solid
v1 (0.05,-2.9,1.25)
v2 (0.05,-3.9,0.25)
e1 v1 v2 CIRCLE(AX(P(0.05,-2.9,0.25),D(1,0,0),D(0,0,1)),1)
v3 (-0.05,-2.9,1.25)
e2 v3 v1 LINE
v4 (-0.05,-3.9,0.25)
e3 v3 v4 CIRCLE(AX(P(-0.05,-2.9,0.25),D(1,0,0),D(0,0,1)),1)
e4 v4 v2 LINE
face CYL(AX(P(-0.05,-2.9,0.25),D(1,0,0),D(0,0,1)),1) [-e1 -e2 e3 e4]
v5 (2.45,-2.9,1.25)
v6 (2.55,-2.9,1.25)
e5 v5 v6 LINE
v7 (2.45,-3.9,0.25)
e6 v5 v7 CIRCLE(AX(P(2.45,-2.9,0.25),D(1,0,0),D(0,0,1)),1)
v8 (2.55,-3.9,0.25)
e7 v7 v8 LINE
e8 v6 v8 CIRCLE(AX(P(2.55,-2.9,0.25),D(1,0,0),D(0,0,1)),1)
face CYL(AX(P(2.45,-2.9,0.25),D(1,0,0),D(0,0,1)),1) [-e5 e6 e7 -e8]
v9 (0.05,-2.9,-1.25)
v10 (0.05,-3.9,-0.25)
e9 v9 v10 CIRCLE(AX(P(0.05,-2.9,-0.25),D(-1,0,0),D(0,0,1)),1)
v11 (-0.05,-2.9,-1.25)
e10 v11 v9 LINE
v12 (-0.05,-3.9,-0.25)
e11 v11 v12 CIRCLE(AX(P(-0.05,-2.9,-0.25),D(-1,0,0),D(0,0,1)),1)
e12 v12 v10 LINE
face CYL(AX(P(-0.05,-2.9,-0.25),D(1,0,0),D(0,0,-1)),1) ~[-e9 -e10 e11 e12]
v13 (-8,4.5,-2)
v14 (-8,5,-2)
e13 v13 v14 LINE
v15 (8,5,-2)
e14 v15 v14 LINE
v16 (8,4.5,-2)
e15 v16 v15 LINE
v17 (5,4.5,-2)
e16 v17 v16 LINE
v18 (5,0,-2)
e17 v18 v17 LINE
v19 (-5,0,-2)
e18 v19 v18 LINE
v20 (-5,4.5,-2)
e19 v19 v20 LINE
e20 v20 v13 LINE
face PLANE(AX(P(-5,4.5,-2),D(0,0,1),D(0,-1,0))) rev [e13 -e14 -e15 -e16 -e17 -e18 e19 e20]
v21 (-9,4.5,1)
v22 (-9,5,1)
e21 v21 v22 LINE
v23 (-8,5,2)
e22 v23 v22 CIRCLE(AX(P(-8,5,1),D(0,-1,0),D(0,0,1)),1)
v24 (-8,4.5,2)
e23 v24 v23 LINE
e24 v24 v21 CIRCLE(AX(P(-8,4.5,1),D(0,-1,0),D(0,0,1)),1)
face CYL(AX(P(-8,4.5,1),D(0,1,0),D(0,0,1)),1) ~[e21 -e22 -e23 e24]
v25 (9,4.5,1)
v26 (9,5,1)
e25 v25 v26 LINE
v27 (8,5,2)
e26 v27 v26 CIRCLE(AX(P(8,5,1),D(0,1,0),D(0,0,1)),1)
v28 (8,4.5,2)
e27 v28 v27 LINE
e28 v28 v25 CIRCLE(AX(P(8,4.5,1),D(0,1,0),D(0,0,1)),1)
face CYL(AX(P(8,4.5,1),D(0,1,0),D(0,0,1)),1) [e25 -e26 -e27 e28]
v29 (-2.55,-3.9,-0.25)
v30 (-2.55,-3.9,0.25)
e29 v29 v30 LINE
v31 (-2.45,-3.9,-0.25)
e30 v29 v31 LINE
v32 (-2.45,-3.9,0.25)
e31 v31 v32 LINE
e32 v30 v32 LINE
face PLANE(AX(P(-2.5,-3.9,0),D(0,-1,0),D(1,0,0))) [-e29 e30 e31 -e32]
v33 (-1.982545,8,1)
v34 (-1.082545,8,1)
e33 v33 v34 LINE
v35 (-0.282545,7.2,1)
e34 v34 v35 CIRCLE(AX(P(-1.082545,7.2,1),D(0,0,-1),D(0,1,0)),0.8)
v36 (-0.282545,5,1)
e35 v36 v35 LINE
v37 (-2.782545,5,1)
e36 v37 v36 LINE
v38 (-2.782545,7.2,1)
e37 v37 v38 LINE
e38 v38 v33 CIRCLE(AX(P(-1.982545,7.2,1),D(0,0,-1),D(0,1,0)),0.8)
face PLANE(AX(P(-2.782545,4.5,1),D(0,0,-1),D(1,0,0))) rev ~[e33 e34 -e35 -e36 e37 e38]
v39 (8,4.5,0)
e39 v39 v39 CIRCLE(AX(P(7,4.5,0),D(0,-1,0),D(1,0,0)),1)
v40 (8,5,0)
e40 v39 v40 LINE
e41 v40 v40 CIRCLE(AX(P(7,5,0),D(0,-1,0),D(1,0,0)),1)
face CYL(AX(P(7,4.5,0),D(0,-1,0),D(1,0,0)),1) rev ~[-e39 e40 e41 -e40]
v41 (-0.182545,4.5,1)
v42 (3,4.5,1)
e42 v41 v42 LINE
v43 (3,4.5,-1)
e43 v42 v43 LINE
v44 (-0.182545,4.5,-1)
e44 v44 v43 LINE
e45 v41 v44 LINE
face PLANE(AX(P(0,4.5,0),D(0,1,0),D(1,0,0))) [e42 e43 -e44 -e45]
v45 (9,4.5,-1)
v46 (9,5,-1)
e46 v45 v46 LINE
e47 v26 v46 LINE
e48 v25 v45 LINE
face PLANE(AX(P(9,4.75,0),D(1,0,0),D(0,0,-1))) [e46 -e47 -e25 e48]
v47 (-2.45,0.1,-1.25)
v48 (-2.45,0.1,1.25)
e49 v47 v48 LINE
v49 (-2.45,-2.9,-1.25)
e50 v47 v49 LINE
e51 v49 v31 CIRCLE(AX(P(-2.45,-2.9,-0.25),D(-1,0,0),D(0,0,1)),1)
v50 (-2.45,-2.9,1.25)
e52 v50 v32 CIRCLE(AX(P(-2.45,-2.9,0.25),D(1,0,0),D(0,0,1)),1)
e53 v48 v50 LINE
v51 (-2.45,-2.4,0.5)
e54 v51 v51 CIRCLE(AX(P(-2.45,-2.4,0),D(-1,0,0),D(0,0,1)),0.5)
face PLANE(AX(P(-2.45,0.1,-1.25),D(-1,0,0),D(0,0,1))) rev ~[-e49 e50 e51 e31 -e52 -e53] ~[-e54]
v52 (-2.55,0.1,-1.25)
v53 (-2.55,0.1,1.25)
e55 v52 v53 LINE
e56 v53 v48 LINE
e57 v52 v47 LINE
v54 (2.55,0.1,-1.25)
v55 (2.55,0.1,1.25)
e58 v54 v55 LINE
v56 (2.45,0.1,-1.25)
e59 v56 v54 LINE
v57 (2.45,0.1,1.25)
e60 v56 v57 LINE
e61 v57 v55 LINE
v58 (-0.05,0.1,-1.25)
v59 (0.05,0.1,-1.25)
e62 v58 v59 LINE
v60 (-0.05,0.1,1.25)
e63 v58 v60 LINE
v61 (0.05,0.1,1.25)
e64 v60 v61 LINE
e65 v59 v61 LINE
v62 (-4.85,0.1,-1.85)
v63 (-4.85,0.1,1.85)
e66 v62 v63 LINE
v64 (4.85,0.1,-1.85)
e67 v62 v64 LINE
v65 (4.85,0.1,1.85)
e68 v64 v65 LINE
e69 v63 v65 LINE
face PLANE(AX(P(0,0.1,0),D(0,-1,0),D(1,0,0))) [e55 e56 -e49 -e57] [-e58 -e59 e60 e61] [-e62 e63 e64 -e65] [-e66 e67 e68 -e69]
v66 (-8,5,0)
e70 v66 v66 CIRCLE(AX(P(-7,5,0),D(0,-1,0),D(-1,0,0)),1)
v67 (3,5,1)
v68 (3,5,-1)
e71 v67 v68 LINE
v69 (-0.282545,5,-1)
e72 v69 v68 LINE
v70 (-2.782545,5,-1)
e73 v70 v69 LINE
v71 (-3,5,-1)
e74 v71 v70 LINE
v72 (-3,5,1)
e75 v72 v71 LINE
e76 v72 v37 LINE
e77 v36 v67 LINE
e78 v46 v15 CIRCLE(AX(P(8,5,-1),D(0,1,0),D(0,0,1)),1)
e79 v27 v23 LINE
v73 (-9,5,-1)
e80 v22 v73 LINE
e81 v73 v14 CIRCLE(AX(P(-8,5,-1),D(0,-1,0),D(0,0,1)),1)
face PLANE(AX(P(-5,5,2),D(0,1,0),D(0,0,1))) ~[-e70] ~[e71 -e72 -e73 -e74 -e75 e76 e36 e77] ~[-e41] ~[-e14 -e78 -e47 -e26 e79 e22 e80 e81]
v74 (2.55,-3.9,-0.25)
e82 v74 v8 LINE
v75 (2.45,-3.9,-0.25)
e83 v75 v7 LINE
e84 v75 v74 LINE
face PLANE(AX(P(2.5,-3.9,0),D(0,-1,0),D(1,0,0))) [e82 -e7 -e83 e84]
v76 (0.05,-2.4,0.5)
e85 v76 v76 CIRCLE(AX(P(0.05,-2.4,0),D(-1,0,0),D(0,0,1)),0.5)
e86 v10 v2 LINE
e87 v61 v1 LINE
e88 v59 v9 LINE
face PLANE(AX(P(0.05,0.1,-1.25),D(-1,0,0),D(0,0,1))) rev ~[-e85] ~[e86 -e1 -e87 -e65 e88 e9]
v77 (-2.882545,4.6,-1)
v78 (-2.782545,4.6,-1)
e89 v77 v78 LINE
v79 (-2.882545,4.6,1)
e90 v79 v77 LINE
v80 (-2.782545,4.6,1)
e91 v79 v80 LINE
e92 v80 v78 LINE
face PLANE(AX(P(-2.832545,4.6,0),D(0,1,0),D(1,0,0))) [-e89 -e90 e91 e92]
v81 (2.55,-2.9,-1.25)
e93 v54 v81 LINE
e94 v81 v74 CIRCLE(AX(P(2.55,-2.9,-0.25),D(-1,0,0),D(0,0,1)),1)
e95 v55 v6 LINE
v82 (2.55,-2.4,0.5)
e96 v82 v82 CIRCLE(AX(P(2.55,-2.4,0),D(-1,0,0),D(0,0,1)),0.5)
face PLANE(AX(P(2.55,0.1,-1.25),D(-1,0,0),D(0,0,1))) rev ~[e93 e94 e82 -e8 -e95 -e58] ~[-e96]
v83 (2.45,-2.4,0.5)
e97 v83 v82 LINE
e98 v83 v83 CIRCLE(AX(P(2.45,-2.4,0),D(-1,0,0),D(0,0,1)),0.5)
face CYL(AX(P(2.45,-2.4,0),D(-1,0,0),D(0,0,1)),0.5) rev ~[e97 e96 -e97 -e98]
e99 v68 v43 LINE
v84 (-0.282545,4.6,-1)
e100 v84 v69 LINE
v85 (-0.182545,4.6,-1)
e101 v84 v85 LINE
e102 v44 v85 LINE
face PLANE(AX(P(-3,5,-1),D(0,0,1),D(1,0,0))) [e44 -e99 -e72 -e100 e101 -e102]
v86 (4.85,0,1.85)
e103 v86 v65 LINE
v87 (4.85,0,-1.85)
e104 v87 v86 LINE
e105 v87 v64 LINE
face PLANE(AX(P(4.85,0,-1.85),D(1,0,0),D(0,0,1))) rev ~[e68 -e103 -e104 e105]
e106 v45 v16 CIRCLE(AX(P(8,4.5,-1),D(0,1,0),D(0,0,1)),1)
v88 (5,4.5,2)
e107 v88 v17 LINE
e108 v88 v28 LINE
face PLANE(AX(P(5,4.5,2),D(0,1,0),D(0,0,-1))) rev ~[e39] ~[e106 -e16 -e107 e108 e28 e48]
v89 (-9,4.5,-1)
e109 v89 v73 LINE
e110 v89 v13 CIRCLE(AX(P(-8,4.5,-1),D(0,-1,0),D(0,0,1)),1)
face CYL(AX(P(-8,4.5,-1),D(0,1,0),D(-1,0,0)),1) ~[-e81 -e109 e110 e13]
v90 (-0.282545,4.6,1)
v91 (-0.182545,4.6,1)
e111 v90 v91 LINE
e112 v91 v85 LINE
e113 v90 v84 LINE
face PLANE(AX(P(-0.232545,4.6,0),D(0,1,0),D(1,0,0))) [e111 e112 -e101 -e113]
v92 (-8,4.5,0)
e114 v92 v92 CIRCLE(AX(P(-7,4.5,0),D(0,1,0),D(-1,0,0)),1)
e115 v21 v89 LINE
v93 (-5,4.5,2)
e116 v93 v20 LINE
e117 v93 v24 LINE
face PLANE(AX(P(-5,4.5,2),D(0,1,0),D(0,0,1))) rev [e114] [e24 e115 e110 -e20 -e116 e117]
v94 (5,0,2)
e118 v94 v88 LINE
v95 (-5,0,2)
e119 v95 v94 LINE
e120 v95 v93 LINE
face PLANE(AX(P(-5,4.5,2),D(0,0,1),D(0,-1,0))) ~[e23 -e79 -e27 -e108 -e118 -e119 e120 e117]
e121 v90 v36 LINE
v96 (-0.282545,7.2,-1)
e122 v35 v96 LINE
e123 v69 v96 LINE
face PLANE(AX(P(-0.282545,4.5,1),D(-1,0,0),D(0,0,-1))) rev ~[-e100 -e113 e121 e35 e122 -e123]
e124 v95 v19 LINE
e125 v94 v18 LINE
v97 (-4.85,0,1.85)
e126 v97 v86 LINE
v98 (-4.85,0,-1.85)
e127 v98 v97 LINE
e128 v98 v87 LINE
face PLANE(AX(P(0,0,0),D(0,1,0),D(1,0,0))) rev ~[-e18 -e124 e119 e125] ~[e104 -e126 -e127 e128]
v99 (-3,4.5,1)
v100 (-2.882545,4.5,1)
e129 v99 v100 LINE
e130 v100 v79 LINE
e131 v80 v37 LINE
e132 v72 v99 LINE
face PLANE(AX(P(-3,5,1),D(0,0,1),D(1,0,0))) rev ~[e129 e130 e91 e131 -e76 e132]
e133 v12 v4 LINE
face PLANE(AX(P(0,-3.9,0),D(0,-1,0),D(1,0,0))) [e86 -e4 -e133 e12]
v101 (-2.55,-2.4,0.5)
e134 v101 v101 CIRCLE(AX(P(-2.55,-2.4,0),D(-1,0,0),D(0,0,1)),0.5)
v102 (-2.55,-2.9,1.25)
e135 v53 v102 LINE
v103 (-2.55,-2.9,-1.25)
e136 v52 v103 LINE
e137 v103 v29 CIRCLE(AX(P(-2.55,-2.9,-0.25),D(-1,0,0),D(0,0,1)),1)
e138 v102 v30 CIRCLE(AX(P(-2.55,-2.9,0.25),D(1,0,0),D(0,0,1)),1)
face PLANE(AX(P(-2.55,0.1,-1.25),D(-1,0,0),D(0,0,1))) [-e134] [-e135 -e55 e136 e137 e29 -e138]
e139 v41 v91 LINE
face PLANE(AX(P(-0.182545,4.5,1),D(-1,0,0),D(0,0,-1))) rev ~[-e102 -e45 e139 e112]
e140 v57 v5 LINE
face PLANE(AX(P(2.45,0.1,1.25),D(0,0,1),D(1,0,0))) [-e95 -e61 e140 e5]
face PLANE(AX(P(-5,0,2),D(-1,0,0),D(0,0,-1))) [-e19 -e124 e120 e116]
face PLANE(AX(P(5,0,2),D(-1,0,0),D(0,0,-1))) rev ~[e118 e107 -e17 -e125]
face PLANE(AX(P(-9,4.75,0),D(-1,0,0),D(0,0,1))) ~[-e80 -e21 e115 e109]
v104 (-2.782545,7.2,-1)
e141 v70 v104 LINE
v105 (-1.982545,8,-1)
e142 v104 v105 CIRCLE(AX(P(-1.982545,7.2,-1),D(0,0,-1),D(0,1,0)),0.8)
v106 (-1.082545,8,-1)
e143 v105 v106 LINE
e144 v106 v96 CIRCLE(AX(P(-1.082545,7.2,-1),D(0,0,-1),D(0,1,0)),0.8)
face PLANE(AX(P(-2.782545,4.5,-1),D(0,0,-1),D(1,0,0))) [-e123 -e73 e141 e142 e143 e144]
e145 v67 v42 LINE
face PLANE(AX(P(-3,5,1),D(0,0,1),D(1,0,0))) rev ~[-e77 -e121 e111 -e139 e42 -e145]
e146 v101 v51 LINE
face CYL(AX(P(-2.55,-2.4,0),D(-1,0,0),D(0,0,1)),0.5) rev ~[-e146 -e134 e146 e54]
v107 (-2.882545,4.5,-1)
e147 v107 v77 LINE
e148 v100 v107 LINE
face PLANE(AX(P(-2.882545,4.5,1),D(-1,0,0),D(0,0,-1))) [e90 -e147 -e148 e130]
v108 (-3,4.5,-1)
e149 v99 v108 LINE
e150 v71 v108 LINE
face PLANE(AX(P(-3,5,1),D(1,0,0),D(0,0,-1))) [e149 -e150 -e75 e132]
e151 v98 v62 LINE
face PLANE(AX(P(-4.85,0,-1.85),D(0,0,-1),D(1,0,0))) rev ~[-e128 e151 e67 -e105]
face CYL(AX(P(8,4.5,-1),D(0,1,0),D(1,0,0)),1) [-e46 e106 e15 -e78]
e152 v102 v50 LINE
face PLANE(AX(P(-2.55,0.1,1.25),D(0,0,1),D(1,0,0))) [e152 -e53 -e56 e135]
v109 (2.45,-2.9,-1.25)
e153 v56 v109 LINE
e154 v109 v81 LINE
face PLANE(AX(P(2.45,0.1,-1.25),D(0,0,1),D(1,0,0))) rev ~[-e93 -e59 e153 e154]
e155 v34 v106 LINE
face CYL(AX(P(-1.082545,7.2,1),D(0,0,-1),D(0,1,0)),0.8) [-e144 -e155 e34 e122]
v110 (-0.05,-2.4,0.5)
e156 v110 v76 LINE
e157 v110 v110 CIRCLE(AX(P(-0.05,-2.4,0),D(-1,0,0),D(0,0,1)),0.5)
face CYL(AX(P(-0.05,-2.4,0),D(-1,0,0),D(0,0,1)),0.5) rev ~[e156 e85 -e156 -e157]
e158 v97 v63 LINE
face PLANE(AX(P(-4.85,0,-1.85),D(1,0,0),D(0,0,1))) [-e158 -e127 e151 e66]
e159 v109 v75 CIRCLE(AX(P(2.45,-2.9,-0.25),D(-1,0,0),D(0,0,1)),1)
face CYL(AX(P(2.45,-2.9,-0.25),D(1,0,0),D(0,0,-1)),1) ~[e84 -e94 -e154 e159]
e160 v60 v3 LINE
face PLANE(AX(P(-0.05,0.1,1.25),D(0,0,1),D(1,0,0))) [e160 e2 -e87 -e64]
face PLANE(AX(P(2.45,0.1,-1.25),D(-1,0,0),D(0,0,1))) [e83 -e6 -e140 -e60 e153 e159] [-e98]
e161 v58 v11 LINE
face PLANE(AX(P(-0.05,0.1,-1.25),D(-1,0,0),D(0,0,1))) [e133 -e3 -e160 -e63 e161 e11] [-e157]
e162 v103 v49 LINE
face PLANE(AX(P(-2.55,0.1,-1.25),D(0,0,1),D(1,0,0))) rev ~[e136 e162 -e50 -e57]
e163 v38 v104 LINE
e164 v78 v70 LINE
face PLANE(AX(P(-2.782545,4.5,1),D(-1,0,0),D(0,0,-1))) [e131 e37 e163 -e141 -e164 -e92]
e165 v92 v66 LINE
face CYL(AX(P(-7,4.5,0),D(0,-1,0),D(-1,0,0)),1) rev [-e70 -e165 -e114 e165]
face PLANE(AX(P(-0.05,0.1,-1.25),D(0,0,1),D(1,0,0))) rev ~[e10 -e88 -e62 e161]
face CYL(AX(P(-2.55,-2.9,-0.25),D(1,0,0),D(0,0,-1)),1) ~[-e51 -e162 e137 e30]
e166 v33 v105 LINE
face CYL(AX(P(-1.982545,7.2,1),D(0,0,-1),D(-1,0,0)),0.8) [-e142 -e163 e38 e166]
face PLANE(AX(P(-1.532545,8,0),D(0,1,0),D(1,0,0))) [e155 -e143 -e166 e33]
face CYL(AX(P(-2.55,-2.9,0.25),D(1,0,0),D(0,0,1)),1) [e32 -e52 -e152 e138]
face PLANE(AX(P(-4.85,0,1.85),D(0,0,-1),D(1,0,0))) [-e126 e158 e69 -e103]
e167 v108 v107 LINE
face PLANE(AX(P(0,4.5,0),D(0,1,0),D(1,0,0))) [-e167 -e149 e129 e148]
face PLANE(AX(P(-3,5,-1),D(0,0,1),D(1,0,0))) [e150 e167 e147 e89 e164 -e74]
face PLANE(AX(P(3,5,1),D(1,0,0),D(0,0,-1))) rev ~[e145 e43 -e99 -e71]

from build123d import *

# Parameters (mm, degrees)
SKETCH2_W                  = 10
SKETCH2_H                  = 4
BOSS_EXTRUDE1_DEPTH        = 5
SKETCH3_W                  = 6
SKETCH3_H                  = 2
CUT_EXTRUDE1_DEPTH         = 0.5
SKETCH4_W                  = 4
SKETCH4_H                  = 0.5
BOSS_EXTRUDE2_DEPTH        = 4
SKETCH5_R                  = 1
CUT_EXTRUDE2_DEPTH         = 1.5
FILLET1_R                  = 1
SKETCH6_W                  = 2.5
SKETCH6_H                  = 2
BOSS_EXTRUDE3_DEPTH        = 3.5
FILLET2_R                  = 0.8
SKETCH7_W                  = 0.1
SKETCH7_H                  = 2
BOSS_EXTRUDE4_DEPTH        = 0.1
SKETCH8_W                  = 9.7
SKETCH8_H                  = 3.7
CUT_EXTRUDE3_DEPTH         = 0.1
SKETCH9_W                  = 0.1
SKETCH9_H                  = 2.5
BOSS_EXTRUDE5_DEPTH        = 4
FILLET3_R                  = 1
SKETCH10_R                 = 0.5
CUT_EXTRUDE4_DEPTH         = 10.05
LPATTERN1_COUNT            = 2
LPATTERN1_PITCH            = 2.5
FILLET3_OF_LPATTERN1_R     = 1
LPATTERN1_COL_COUNT        = 2
LPATTERN1_COL_PITCH        = 2.5
FILLET3_OF_LPATTERN1_COL_R = 1


with BuildPart() as part:
    # Sketch2 → Boss-Extrude1 (new body)
    with BuildSketch(Plane(origin=(0, 0, 0), x_dir=(1, 0, 0), z_dir=(0, 1, 0))):
        Rectangle(SKETCH2_W, SKETCH2_H)
    extrude(amount=BOSS_EXTRUDE1_DEPTH)

    # Sketch3 → Cut-Extrude1 (cut)
    with BuildSketch(Plane(origin=(0, 5, 0), x_dir=(1, 0, 0), z_dir=(0, 1, 0))):
        Rectangle(SKETCH3_W, SKETCH3_H)
    extrude(amount=-CUT_EXTRUDE1_DEPTH, mode=Mode.SUBTRACT)

    # Sketch4 → Boss-Extrude2 (add)
    with BuildSketch(Plane(origin=(5, 0, 0), x_dir=(0, 0, -1), z_dir=(1, 0, 0))):
        with Locations((0, 4.75)):
            Rectangle(SKETCH4_W, SKETCH4_H)
    boss_extrude2 = extrude(amount=BOSS_EXTRUDE2_DEPTH)

    # Sketch5 → Cut-Extrude2 (cut, through all)
    with BuildSketch(Plane.XZ.offset(-4.5)):
        with Locations((7, 0)):
            Circle(SKETCH5_R)
    cut_extrude2 = extrude(amount=-CUT_EXTRUDE2_DEPTH, mode=Mode.SUBTRACT)

    # Mirror3: Boss-Extrude2, Cut-Extrude2 across plane
    add(boss_extrude2.mirror(Plane(origin=(0, 0, 0), x_dir=(0, 0, 1), z_dir=(1, 0, 0))))
    add(cut_extrude2.mirror(Plane(origin=(0, 0, 0), x_dir=(0, 0, 1), z_dir=(1, 0, 0))), mode=Mode.SUBTRACT)

    # Fillet1
    fillet1_edges = [part.edges().sort_by_distance(p)[0] for p in [
        (9, 4.75, 2),
        (9, 4.75, -2),
        (-9, 4.75, 2),
        (-9, 4.75, -2),
    ]]
    fillet(fillet1_edges, radius=FILLET1_R)

    # Sketch6 → Boss-Extrude3 (add)
    with BuildSketch(Plane(origin=(0, 4.5, 0), x_dir=(1, 0, 0), z_dir=(0, 1, 0))):
        with Locations((-1.53254506, 0)):
            Rectangle(SKETCH6_W, SKETCH6_H)
    extrude(amount=BOSS_EXTRUDE3_DEPTH)

    # Fillet2
    fillet2_edges = [part.edges().sort_by_distance(p)[0] for p in [
        (-2.78254506, 8, 0),
        (-0.28254506, 8, 0),
    ]]
    fillet(fillet2_edges, radius=FILLET2_R)

    # Sketch7 → Boss-Extrude4 (add)
    with BuildSketch(Plane(origin=(0, 4.5, 0), x_dir=(1, 0, 0), z_dir=(0, 1, 0))):
        with Locations((-0.23254506, 0)):
            Rectangle(SKETCH7_W, SKETCH7_H)
        with Locations((-2.83254506, 0)):
            Rectangle(SKETCH7_W, SKETCH7_H)
    extrude(amount=BOSS_EXTRUDE4_DEPTH)

    # Sketch8 → Cut-Extrude3 (cut)
    with BuildSketch(Plane.XZ):
        Rectangle(SKETCH8_W, SKETCH8_H)
    extrude(amount=-CUT_EXTRUDE3_DEPTH, mode=Mode.SUBTRACT)

    # Sketch9 → Boss-Extrude5 (add)
    with BuildSketch(Plane.XZ.offset(-0.1)):
        Rectangle(SKETCH9_W, SKETCH9_H)
    boss_extrude5 = extrude(amount=BOSS_EXTRUDE5_DEPTH)

    # Fillet3
    fillet3_edges = [part.edges().sort_by_distance(p)[0] for p in [
        (0, -3.9, 1.25),
        (0, -3.9, -1.25),
    ]]
    fillet(fillet3_edges, radius=FILLET3_R)

    # Sketch10 → Cut-Extrude4 (cut, through all)
    with BuildSketch(Plane.ZY.offset(0.05)):
        with Locations((0, -2.4)):
            Circle(SKETCH10_R)
    cut_extrude4 = extrude(amount=-CUT_EXTRUDE4_DEPTH, mode=Mode.SUBTRACT)

    # LPattern1: Boss-Extrude5, Cut-Extrude4 ×2
    with Locations(*[(i * LPATTERN1_PITCH, 0, 0) for i in range(1, LPATTERN1_COUNT)]):
        add(boss_extrude5)
        add(cut_extrude4, mode=Mode.SUBTRACT)

    # Fillet3 of LPattern1
    fillet3_of_lpattern1_edges = [part.edges().sort_by_distance(p)[0] for p in [
        (2.5, -3.9, 1.25),
        (2.5, -3.9, -1.25),
    ]]
    fillet(fillet3_of_lpattern1_edges, radius=FILLET3_OF_LPATTERN1_R)

    # LPattern1 col: Boss-Extrude5, Cut-Extrude4 ×2
    with Locations(*[(-i * LPATTERN1_COL_PITCH, 0, 0) for i in range(1, LPATTERN1_COL_COUNT)]):
        add(boss_extrude5)
        add(cut_extrude4, mode=Mode.SUBTRACT)

    # Fillet3 of LPattern1 col
    fillet3_of_lpattern1_col_edges = [part.edges().sort_by_distance(p)[0] for p in [
        (-2.5, -3.9, 1.25),
        (-2.5, -3.9, -1.25),
    ]]
    fillet(fillet3_of_lpattern1_col_edges, radius=FILLET3_OF_LPATTERN1_COL_R)


solid = part.part
